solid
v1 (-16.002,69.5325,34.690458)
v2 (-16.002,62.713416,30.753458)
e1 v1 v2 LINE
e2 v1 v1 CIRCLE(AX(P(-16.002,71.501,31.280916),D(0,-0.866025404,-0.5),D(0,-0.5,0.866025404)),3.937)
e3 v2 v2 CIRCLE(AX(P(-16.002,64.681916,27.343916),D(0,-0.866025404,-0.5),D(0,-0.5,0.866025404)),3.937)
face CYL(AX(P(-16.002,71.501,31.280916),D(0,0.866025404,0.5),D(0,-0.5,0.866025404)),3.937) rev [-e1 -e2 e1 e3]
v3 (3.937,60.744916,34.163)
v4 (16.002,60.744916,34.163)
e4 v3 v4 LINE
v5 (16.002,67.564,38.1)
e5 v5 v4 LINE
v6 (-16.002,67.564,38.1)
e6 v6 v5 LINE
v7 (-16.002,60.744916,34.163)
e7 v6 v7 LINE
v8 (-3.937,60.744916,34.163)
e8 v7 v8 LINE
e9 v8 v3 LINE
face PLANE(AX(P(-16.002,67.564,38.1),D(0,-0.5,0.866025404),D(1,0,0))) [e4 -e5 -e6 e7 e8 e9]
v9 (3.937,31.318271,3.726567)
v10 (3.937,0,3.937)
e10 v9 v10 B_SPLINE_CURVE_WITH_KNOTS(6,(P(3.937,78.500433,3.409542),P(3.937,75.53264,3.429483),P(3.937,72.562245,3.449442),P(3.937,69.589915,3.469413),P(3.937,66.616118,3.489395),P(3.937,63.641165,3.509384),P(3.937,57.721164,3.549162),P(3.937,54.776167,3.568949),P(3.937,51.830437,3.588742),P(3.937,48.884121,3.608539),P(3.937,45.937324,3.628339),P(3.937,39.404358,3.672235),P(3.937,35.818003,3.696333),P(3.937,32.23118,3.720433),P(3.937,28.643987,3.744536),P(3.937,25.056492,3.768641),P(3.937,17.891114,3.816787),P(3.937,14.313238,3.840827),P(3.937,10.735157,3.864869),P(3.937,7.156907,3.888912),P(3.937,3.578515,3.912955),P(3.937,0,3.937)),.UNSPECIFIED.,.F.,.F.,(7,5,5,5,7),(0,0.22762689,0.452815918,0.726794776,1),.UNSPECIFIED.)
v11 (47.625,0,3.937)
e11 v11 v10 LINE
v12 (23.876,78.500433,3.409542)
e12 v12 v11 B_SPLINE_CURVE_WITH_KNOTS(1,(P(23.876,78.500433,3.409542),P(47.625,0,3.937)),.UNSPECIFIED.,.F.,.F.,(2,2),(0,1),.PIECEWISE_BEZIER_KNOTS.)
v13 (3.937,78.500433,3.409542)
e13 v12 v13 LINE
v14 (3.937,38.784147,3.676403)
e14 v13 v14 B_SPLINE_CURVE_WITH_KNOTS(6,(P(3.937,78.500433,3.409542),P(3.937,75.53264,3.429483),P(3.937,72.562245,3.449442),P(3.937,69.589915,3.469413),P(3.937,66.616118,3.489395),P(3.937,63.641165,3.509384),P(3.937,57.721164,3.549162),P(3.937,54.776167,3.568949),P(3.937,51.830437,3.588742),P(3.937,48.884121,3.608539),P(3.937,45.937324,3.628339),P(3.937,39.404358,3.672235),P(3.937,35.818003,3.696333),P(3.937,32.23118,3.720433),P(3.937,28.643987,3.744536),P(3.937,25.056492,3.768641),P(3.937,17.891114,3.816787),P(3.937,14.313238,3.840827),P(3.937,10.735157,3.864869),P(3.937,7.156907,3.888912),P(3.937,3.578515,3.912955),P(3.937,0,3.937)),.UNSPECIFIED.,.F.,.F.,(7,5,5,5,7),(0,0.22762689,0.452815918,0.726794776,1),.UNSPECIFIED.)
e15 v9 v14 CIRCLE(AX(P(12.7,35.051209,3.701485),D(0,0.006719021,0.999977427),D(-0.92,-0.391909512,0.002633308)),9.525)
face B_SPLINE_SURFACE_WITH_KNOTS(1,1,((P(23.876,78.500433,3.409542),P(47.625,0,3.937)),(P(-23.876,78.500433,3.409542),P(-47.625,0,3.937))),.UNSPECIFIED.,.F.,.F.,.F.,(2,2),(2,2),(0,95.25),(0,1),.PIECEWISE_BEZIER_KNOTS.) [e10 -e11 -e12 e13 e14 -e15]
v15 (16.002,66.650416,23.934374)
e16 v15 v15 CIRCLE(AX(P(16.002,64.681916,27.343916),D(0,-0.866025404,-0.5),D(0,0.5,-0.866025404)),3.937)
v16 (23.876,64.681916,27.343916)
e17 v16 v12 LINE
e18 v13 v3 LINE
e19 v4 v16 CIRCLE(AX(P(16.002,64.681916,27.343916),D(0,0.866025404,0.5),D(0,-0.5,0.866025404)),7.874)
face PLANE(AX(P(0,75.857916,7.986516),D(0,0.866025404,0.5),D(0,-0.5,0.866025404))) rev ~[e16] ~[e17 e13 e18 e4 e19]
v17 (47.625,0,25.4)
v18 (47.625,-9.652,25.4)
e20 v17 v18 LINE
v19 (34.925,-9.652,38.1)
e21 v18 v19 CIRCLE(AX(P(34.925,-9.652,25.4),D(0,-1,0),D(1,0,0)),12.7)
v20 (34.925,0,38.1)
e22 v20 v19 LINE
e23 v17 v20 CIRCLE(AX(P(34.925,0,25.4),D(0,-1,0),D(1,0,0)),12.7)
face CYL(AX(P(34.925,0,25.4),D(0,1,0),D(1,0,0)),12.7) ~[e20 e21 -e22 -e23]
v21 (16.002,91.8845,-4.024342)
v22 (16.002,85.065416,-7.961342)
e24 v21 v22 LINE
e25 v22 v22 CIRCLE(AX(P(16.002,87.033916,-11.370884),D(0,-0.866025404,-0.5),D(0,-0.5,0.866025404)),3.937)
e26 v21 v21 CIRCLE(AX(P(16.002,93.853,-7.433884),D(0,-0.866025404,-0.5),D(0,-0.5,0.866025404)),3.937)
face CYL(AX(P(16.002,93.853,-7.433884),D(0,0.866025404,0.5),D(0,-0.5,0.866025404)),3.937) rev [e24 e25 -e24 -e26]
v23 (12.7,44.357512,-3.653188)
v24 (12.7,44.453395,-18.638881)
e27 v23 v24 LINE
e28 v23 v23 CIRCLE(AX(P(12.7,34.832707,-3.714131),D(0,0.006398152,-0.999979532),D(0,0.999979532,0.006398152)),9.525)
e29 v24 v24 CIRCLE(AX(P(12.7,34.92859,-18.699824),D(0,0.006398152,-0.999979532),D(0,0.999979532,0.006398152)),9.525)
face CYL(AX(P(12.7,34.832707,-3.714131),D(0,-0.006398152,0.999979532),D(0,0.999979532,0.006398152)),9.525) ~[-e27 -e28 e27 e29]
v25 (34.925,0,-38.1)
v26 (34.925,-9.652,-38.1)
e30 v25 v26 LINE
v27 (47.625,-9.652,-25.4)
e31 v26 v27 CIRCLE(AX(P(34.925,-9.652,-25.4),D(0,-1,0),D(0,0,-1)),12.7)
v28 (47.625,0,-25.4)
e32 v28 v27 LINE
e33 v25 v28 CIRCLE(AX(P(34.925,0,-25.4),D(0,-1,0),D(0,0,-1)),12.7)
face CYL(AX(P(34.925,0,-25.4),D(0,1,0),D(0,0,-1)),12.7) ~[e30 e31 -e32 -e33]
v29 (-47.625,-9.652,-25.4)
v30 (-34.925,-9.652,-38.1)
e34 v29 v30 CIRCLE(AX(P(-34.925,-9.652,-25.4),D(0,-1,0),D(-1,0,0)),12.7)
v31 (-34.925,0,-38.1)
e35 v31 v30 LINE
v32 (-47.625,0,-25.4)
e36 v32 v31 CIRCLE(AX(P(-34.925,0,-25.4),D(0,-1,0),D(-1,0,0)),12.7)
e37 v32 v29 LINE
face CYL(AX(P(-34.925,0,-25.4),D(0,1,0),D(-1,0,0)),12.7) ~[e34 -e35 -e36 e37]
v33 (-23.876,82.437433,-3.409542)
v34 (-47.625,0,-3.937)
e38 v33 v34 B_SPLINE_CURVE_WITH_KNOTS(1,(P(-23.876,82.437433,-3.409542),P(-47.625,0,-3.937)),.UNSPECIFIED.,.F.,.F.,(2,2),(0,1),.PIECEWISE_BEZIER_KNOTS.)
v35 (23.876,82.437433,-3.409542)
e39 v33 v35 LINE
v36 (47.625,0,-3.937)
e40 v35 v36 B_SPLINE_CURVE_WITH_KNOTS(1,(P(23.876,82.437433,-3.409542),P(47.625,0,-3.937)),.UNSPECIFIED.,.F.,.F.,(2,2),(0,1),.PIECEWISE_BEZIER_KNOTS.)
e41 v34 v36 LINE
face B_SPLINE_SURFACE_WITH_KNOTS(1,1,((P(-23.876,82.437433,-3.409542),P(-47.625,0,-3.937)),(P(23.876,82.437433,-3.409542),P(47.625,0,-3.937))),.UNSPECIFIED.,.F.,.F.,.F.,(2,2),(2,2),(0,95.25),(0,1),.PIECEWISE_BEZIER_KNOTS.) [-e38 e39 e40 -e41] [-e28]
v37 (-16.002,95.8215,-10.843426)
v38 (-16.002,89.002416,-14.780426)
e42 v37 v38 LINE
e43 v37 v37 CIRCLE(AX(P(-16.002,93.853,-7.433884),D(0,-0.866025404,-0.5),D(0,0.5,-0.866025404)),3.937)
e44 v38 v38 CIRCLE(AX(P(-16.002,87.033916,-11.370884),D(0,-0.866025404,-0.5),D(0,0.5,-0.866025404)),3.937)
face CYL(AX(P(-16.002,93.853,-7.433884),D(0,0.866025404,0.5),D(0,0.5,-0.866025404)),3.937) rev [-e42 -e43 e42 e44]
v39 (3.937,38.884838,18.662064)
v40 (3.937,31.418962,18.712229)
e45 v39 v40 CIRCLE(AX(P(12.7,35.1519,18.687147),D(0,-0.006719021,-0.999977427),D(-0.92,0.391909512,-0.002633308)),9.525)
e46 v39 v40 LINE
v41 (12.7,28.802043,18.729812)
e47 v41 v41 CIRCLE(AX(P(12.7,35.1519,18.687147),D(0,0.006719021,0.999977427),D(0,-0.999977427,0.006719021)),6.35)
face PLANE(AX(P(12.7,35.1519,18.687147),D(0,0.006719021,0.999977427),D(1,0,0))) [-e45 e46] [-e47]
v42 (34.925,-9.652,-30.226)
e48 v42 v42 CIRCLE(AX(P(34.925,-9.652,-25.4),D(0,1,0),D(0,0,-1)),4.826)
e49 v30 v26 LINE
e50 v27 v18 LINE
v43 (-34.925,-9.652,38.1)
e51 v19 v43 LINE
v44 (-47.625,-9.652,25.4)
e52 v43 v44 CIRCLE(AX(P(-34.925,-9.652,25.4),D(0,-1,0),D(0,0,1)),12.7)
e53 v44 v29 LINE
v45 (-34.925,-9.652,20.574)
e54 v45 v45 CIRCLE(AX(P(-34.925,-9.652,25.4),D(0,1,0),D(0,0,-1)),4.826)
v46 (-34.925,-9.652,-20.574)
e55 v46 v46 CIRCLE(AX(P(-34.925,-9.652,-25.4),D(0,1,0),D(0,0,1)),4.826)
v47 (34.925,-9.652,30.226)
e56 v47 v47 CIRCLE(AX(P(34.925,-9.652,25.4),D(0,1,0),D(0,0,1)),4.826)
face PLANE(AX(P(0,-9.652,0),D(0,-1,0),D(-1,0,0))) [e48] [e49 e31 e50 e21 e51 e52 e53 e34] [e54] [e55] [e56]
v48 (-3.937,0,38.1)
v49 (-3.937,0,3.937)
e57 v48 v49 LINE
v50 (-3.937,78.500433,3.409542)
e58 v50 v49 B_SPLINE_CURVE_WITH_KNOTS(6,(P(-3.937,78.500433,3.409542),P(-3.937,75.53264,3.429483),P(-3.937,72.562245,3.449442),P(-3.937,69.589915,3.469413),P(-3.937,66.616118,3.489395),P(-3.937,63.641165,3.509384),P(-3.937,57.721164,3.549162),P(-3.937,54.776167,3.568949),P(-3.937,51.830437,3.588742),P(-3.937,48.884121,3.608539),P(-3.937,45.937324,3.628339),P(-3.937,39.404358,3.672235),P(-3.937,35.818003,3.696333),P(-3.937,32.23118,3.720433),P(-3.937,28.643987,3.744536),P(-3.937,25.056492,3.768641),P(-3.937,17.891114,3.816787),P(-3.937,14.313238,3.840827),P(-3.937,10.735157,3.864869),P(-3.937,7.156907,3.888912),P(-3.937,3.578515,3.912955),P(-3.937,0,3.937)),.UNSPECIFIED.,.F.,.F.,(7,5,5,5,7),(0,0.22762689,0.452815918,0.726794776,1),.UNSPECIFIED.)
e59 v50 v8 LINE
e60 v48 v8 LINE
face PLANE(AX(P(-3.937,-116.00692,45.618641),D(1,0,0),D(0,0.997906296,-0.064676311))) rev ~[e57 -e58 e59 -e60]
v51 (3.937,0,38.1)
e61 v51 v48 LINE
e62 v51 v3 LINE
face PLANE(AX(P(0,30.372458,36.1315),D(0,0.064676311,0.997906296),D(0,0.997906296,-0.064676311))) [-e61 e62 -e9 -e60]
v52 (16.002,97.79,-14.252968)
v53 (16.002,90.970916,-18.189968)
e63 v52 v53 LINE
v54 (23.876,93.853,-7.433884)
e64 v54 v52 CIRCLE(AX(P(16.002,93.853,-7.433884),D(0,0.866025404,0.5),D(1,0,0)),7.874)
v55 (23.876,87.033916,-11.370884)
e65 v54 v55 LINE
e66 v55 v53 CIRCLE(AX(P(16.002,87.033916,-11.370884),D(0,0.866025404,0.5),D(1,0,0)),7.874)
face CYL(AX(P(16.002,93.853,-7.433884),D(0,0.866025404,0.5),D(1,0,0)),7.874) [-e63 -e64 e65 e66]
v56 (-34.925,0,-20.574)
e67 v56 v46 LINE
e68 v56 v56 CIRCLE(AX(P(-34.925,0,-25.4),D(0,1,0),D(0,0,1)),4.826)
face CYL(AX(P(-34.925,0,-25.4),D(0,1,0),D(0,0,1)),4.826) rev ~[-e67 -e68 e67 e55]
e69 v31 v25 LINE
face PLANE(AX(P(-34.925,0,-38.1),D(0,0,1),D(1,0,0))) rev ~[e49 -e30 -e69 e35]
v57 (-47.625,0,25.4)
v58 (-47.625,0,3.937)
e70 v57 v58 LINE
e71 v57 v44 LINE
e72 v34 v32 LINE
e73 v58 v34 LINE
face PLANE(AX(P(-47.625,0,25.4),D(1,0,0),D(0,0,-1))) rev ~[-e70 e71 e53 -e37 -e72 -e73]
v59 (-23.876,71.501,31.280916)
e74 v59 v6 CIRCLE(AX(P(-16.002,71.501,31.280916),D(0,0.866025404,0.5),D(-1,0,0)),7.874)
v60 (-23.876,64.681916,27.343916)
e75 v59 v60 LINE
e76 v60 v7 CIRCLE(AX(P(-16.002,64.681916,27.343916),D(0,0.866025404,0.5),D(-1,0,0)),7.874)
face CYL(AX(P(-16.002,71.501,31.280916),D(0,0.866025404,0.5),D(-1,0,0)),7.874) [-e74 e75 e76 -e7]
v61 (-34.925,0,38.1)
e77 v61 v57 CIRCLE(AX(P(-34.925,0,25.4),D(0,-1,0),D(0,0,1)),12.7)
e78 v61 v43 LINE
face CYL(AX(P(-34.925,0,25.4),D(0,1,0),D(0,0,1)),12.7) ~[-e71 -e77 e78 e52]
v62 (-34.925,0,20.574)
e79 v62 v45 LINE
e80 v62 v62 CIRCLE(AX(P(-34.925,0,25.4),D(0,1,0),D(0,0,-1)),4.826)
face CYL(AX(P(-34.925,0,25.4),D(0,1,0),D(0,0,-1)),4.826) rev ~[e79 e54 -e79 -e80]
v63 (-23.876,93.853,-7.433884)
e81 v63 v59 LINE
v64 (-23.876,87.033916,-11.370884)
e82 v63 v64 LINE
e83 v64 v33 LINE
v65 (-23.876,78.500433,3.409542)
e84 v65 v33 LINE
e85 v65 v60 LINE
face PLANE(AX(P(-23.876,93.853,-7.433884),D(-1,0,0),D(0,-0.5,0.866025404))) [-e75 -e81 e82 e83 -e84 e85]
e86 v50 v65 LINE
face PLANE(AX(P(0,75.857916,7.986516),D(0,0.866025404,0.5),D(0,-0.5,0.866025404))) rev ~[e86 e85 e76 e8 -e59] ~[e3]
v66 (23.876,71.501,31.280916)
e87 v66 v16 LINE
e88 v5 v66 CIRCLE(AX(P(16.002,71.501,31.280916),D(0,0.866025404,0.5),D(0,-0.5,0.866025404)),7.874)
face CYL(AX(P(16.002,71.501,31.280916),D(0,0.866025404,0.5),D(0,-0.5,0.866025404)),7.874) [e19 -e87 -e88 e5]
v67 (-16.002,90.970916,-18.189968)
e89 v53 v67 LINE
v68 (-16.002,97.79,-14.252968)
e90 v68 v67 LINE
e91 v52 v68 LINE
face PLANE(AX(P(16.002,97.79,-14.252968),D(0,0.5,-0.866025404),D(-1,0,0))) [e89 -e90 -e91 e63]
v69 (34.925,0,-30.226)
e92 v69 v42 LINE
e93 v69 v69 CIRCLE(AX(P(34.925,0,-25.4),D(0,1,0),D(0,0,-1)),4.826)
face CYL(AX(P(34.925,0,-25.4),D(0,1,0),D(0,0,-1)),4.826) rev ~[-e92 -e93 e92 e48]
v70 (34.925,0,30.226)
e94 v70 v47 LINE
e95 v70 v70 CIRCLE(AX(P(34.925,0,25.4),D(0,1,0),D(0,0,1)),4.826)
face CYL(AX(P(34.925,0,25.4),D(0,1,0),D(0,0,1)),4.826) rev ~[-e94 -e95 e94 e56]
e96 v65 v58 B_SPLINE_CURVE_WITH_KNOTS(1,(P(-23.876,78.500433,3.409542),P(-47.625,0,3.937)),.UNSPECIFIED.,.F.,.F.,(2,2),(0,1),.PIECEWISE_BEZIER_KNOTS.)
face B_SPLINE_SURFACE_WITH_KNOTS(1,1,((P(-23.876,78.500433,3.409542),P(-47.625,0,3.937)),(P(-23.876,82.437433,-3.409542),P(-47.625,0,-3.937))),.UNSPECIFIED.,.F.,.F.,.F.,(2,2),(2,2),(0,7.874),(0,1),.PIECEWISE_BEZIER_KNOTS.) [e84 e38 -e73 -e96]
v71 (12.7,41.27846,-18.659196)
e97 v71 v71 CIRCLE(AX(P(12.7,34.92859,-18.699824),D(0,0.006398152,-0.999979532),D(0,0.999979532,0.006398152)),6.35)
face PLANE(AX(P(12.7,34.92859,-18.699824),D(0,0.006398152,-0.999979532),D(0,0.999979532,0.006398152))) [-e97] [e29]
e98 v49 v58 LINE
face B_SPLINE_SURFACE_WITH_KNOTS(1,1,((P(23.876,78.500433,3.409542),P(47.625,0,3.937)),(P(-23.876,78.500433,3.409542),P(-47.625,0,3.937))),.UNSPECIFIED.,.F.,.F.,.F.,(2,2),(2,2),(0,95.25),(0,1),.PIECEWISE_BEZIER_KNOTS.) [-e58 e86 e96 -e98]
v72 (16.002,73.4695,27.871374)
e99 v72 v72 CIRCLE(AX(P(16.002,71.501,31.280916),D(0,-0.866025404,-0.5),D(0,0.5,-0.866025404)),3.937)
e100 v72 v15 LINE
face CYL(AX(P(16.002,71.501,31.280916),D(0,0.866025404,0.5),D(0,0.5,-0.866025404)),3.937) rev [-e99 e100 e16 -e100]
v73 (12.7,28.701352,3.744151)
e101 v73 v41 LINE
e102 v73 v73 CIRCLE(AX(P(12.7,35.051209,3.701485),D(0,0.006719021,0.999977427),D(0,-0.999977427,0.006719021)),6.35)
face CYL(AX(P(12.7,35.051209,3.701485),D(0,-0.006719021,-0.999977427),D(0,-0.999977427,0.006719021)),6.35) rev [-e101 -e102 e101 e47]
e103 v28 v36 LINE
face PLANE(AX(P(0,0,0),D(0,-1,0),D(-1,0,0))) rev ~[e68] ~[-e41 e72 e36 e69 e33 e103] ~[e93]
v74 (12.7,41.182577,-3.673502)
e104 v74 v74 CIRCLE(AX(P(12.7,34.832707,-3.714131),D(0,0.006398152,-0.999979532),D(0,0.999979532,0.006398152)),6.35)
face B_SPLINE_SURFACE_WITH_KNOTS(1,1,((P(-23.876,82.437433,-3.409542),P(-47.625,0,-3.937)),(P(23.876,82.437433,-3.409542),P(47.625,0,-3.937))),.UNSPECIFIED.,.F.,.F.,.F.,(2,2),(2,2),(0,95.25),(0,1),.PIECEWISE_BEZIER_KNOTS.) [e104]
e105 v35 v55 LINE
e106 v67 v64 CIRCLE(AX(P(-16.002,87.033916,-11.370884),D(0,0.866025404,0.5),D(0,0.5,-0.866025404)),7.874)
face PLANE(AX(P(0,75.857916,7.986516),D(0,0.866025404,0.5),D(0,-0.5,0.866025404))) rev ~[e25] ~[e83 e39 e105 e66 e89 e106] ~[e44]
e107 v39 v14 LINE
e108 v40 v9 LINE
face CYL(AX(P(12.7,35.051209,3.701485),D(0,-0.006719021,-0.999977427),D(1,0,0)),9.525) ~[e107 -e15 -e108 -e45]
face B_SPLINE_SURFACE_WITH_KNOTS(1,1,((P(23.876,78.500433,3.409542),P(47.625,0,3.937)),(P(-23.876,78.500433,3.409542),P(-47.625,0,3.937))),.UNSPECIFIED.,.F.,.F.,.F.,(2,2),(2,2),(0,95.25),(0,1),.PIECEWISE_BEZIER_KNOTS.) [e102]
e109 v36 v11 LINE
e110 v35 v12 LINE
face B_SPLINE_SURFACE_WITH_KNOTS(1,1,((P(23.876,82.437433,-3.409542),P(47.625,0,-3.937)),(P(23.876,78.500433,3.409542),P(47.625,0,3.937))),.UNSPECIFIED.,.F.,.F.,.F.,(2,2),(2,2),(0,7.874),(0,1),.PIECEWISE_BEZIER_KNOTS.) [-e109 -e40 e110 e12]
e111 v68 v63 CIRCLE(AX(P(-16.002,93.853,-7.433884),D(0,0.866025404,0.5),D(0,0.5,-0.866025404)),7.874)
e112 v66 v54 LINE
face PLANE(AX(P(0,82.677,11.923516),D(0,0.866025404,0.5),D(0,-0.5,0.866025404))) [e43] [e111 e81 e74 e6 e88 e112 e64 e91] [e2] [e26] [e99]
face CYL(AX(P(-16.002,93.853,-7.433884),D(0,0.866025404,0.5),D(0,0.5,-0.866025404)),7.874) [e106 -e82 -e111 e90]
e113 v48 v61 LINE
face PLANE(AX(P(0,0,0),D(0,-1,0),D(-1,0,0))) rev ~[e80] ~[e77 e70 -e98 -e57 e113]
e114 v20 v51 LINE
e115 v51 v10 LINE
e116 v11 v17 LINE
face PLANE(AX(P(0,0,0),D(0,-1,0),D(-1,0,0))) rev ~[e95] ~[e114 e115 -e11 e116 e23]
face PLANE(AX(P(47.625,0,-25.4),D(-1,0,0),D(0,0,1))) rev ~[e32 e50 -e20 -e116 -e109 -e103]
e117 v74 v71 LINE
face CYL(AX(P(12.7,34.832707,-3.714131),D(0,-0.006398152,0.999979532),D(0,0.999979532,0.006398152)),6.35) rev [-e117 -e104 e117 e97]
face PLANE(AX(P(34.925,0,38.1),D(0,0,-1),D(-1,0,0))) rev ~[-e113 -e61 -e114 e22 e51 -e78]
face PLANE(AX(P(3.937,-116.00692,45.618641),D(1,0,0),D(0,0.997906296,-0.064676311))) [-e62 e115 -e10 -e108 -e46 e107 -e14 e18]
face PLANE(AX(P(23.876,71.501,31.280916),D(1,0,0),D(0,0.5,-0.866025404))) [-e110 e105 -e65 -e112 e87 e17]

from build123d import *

# Parameters (mm, degrees)
SKETCH7_R           = 4.826
BOSS_EXTRUDE2_DEPTH = 9.652
SKETCH11_R          = 3.937
BOSS_EXTRUDE3_DEPTH = 7.874
RIB1_REACH          = 117.25
SKETCH16_WALL_W     = 293.372991472
SKETCH16_WALL_H     = 7.874
SKETCH17_R          = 9.525
SKETCH17_R_2        = 6.35
BOSS_EXTRUDE4_DEPTH = 14.986
SKETCH18_R          = 9.525
SKETCH18_R_2        = 6.35
BOSS_EXTRUDE5_DEPTH = 14.986


with BuildPart() as part:
    # Sketch7 → Boss-Extrude2 (new body)
    with BuildSketch(Plane(origin=(0, 0, 0), x_dir=(1, 0, 0), z_dir=(0, 1, 0))):
        with BuildLine():
            Line((-34.925, 38.1), (34.925, 38.1))
            ThreePointArc((34.925, 38.1), (43.905256121, 34.380256121), (47.625, 25.4))
            Line((47.625, 25.4), (47.625, -25.4))
            ThreePointArc((47.625, -25.4), (43.905256121, -34.380256121), (34.925, -38.1))
            Line((34.925, -38.1), (-34.925, -38.1))
            ThreePointArc((-34.925, -38.1), (-43.905256121, -34.380256121), (-47.625, -25.4))
            Line((-47.625, -25.4), (-47.625, 25.4))
            ThreePointArc((-47.625, 25.4), (-43.905256121, 34.380256121), (-34.925, 38.1))
        make_face()
        with Locations(Location((-34.925, 25.4, 0), (0, 0, 270))):
            Circle(SKETCH7_R, mode=Mode.SUBTRACT)
        with Locations(Location((34.925, 25.4, 0), (0, 0, 90))):
            Circle(SKETCH7_R, mode=Mode.SUBTRACT)
        with Locations(Location((34.925, -25.4, 0), (0, 0, 270))):
            Circle(SKETCH7_R, mode=Mode.SUBTRACT)
        with Locations(Location((-34.925, -25.4, 0), (0, 0, 90))):
            Circle(SKETCH7_R, mode=Mode.SUBTRACT)
    extrude(amount=-BOSS_EXTRUDE2_DEPTH)



with BuildPart() as body_2:
    # Sketch11 → Boss-Extrude3 (new body)
    with BuildSketch(Plane(origin=(0, 67.170783942, 38.781070191), x_dir=(0, 0.4999999999999983, -0.8660254037844396), z_dir=(0, -0.8660254037844396, -0.4999999999999983))):
        with BuildLine():
            Line((53.364432116, -23.876), (8.660432116, -23.876))
            ThreePointArc((8.660432116, -23.876), (3.092673321, -21.569758795), (0.786432116, -16.002))
            Line((0.786432116, -16.002), (0.786432116, 16.002))
            ThreePointArc((0.786432116, 16.002), (3.092673321, 21.569758795), (8.660432116, 23.876))
            Line((8.660432116, 23.876), (53.364432116, 23.876))
            ThreePointArc((53.364432116, 23.876), (58.932190911, 21.569758795), (61.238432116, 16.002))
            Line((61.238432116, 16.002), (61.238432116, -16.002))
            ThreePointArc((61.238432116, -16.002), (58.932190911, -21.569758795), (53.364432116, -23.876))
        make_face()
        with Locations((53.364432116, -16.002)):
            Circle(SKETCH11_R, mode=Mode.SUBTRACT)
        with Locations(Location((8.660432116, -16.002, 0), (0, 0, 180))):
            Circle(SKETCH11_R, mode=Mode.SUBTRACT)
        with Locations(Location((53.364432116, 16.002, 0), (0, 0, 180))):
            Circle(SKETCH11_R, mode=Mode.SUBTRACT)
        with Locations((8.660432116, 16.002)):
            Circle(SKETCH11_R, mode=Mode.SUBTRACT)
    extrude(amount=BOSS_EXTRUDE3_DEPTH)


with BuildPart() as part_1:
    add(part.part)

    add(body_2.part)  # Loft1 merges body 2
    # Sketch15 → Loft1 section 0
    with BuildSketch(Plane(origin=(0, 60.351699913, 34.844070191), x_dir=(1, 0, 0), z_dir=(0, -0.8660254037844397, -0.4999999999999983))):
        with BuildLine():
            Line((23.876, -36.297466608), (-23.876, -36.297466608))
            Line((-23.876, -36.297466608), (-23.876, -44.171466608))
            Line((-23.876, -44.171466608), (23.876, -44.171466608))
            Line((23.876, -44.171466608), (23.876, -36.297466608))
        make_face()
    # Sketch12 → Loft1 section 1
    with BuildSketch(Plane(origin=(0, 0, 0), x_dir=(1, 0, 0), z_dir=(0, 1, 0))):
        with BuildLine():
            Line((-47.625, 3.937), (47.625, 3.937))
            Line((47.625, 3.937), (47.625, -3.937))
            Line((47.625, -3.937), (-47.625, -3.937))
            Line((-47.625, -3.937), (-47.625, 3.937))
        make_face()
    loft()

    # Sketch16 wall → Rib1 (add, up to next)
    with BuildSketch(Plane(origin=(0, 30.372457985, 36.1315), x_dir=(0, 0.997906295589, -0.064676311144), z_dir=(0, 0.064676311144, 0.997906295589)), mode=Mode.PRIVATE) as rib1_sk1:
        Rectangle(SKETCH16_WALL_W, SKETCH16_WALL_H)
    rib1_tool1 = extrude(rib1_sk1.sketch, amount=-RIB1_REACH, mode=Mode.PRIVATE) - part_1.part
    add(rib1_tool1.solids().sort_by_distance((0, 30.372457985, 36.1315))[0])

    # Sketch17 → Boss-Extrude4 (add)
    with BuildSketch(Plane(origin=(0, 0.02645219, 3.936822263), x_dir=(1, 0, 0), z_dir=(0, 0.0067190212517474575, 0.9999774271219419))):
        with Locations((12.7, 35.025547213)):
            Circle(SKETCH17_R)
        with Locations(Location((12.7, 35.025547213, 0), (0, 0, 270))):
            Circle(SKETCH17_R_2, mode=Mode.SUBTRACT)
    extrude(amount=BOSS_EXTRUDE4_DEPTH)

    # Sketch18 → Boss-Extrude5 (add)
    with BuildSketch(Plane(origin=(0, 0.025189007, -3.936838834), x_dir=(-1, 0, 0), z_dir=(0, 0.006398151525432763, -0.9999795316190516))):
        with Locations(Location((-12.7, 34.808230427, 0), (0, 0, 90))):
            Circle(SKETCH18_R)
        with Locations(Location((-12.7, 34.808230427, 0), (0, 0, 90))):
            Circle(SKETCH18_R_2, mode=Mode.SUBTRACT)
    extrude(amount=BOSS_EXTRUDE5_DEPTH)


solid = part_1.part
